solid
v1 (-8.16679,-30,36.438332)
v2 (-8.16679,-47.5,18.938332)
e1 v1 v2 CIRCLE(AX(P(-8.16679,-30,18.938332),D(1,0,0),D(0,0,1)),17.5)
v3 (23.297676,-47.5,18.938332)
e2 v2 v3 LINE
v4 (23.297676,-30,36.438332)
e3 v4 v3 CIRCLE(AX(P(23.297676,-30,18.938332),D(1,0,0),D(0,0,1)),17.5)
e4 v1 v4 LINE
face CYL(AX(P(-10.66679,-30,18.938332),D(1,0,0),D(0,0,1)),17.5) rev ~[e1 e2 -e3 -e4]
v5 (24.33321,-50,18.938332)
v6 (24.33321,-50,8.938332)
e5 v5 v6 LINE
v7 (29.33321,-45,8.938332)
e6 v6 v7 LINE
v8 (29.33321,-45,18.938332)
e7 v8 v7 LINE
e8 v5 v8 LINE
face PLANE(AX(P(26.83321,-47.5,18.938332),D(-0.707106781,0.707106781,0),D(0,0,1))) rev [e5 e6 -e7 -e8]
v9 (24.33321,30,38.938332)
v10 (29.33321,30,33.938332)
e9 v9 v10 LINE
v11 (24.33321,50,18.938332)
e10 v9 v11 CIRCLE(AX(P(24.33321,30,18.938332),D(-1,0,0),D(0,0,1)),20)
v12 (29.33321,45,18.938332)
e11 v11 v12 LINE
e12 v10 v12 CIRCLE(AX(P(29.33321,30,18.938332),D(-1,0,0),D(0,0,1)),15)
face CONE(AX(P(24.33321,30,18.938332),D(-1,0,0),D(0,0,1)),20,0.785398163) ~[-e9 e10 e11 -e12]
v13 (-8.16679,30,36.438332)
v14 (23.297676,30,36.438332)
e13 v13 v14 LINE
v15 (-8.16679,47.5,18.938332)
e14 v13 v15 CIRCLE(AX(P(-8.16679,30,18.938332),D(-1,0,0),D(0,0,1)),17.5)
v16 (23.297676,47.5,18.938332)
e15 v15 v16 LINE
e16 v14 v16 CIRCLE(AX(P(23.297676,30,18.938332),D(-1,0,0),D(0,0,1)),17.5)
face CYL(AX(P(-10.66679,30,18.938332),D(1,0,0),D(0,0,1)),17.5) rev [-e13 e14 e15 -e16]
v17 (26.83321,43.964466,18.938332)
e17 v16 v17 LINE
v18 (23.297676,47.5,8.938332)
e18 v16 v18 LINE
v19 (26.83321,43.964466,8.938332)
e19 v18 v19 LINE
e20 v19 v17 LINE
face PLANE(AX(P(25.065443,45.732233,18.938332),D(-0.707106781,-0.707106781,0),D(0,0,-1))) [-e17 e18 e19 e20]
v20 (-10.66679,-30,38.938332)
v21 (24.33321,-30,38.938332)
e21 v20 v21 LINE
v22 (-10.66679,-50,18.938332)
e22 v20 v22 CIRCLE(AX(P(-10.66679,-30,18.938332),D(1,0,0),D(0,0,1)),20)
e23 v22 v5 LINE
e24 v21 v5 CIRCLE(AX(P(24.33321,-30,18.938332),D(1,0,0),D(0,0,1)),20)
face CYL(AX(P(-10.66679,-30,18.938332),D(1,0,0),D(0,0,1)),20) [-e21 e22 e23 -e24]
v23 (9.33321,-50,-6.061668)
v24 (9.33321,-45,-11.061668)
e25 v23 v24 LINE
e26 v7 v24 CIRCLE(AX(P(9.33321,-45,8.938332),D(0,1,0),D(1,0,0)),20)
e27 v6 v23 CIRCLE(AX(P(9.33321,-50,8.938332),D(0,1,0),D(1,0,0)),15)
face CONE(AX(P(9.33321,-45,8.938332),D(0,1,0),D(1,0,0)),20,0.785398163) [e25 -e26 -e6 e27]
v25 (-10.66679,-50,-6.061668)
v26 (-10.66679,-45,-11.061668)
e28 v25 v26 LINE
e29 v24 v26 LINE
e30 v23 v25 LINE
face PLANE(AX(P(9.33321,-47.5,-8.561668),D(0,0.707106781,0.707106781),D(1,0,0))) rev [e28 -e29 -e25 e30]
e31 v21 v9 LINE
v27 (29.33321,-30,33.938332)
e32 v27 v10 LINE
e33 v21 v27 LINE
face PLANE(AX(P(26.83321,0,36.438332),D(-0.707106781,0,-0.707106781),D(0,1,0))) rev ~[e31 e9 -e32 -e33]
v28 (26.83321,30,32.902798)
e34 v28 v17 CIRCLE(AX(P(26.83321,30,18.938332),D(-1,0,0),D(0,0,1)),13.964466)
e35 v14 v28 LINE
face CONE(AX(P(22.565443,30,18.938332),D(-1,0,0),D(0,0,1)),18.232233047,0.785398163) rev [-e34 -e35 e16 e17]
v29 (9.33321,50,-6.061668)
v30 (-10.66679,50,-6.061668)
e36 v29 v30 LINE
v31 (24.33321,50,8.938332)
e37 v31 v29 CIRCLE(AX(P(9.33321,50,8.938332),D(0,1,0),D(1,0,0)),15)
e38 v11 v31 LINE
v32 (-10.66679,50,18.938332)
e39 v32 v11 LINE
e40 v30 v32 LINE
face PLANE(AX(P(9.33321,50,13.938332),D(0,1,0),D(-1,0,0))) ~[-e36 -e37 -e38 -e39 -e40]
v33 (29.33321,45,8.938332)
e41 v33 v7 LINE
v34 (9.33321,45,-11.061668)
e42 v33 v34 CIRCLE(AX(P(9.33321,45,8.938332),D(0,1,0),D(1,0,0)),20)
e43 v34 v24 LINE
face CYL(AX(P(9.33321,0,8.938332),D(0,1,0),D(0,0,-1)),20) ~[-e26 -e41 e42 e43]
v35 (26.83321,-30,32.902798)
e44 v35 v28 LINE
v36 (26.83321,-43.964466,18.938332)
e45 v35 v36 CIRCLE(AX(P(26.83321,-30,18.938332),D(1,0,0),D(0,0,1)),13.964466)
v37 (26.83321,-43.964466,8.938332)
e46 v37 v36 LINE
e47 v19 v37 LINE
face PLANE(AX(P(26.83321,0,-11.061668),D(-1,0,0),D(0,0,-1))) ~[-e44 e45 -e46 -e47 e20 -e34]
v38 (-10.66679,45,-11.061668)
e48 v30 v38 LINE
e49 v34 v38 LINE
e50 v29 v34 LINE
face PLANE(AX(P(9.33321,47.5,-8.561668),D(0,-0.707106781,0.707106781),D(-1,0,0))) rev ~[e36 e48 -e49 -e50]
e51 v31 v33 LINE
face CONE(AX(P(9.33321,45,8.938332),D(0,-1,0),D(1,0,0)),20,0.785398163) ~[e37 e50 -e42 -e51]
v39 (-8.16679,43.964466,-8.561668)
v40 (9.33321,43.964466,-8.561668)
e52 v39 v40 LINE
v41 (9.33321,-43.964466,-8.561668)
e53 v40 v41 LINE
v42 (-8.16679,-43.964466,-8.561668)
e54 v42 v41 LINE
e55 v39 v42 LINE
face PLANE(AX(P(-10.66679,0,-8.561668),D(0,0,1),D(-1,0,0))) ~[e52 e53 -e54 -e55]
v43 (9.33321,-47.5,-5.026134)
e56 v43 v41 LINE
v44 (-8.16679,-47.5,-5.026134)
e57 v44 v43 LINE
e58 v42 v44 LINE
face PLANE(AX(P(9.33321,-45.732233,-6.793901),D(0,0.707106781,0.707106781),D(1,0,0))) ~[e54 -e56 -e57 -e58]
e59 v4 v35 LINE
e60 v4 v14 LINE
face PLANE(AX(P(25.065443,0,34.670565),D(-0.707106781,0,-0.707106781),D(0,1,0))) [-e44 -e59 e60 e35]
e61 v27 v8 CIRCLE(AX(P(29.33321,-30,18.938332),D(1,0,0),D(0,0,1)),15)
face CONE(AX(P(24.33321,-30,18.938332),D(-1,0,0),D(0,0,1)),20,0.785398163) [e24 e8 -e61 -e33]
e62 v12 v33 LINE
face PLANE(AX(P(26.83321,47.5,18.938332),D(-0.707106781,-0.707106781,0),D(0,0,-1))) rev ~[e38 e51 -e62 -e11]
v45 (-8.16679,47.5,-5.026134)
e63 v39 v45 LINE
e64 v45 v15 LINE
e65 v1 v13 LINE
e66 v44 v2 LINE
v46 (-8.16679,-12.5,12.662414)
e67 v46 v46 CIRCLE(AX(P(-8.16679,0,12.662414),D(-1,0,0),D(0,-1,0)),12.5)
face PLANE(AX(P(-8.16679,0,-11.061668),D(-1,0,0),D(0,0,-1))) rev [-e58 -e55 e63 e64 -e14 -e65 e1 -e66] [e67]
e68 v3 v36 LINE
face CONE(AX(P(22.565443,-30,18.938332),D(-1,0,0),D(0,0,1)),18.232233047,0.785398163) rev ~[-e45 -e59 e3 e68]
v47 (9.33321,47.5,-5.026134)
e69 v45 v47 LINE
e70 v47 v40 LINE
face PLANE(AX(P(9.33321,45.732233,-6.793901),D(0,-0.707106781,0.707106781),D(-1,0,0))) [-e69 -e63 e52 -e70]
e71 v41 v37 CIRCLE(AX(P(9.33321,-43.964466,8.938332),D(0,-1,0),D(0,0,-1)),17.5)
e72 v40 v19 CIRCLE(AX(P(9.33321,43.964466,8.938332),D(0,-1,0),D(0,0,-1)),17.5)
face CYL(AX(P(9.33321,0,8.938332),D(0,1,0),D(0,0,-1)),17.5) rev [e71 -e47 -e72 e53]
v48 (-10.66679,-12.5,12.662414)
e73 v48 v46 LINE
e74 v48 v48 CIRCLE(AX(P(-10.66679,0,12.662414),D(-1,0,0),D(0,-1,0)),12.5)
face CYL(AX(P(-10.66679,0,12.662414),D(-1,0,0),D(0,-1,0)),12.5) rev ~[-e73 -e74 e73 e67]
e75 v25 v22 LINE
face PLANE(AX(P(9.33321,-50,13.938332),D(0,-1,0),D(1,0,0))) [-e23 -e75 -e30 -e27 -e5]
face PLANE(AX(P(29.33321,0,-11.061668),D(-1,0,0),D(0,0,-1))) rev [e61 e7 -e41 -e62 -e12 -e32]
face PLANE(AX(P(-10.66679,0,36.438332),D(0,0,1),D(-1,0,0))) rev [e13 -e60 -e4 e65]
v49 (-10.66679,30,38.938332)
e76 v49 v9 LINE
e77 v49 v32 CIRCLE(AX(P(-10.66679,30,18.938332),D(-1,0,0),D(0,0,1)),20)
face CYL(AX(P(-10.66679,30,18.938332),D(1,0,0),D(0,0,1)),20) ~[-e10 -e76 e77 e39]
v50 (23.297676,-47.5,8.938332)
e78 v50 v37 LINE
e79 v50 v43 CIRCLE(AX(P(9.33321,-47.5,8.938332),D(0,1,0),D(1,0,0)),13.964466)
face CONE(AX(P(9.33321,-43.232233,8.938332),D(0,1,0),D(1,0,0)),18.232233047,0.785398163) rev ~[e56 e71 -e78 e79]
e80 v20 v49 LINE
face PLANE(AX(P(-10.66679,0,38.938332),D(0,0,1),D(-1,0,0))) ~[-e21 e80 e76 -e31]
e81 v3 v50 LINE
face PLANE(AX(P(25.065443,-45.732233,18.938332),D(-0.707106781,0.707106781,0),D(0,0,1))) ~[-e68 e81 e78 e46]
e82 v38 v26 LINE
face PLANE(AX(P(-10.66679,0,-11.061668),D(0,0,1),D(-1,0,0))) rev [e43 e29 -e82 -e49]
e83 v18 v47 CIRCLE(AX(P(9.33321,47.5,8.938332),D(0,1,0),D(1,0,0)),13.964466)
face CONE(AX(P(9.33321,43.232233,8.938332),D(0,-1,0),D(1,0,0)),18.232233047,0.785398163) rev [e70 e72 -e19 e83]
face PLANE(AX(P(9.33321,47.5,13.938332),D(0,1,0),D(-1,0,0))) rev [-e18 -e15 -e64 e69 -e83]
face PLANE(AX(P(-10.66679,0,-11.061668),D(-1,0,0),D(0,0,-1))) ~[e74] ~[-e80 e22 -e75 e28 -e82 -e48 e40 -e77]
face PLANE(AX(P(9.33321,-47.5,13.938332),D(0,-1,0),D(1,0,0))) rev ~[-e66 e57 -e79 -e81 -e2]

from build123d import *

# Parameters (mm, degrees)
F0_W     = 40
F0_H     = 50
F1_DEPTH = 50
F2_R     = 20
F3_SIZE  = 5
F4_T     = -2.5
F6_R     = 12.5
F7_DEPTH = 2.5


with BuildPart() as f1:
    # F0 (on Front) → F1 (new body)
    with BuildSketch(Plane.XZ):
        with Locations((9.33321, 13.938332)):
            Rectangle(F0_W, F0_H)
    extrude(amount=F1_DEPTH)

    # F2
    f2_edges = [f1.edges().sort_by_distance(p)[0] for p in [
        (9.33321, -50, 38.938332),
        (29.33321, -25, -11.061668),
    ]]
    fillet(f2_edges, radius=F2_R)

    # F3
    f3_edges = [f1.edges().sort_by_distance(p)[0] for p in [
        (29.33321, -15, 38.938332),
    ]]
    chamfer(f3_edges, length=F3_SIZE)

    # F4
    f4_openings = [f1.faces().sort_by_distance(p)[0] for p in [
        (8.511559, 0, 14.711798),
    ]]
    offset(amount=F4_T, openings=f4_openings)

    # F5: F1 across plane


with BuildPart() as f1_1:
    add(f1.part)
    add(f1.part.mirror(Plane.XZ))

    # F6 (on face) → F7 (cut, through all)
    with BuildSketch(Plane(origin=(-10.66679, 0, 0), x_dir=(0, -1, 0), z_dir=(-1, 0, 0))):
        with Locations((0, 12.662414)):
            Circle(F6_R)
    extrude(amount=-F7_DEPTH, mode=Mode.SUBTRACT)


solid = f1_1.part
